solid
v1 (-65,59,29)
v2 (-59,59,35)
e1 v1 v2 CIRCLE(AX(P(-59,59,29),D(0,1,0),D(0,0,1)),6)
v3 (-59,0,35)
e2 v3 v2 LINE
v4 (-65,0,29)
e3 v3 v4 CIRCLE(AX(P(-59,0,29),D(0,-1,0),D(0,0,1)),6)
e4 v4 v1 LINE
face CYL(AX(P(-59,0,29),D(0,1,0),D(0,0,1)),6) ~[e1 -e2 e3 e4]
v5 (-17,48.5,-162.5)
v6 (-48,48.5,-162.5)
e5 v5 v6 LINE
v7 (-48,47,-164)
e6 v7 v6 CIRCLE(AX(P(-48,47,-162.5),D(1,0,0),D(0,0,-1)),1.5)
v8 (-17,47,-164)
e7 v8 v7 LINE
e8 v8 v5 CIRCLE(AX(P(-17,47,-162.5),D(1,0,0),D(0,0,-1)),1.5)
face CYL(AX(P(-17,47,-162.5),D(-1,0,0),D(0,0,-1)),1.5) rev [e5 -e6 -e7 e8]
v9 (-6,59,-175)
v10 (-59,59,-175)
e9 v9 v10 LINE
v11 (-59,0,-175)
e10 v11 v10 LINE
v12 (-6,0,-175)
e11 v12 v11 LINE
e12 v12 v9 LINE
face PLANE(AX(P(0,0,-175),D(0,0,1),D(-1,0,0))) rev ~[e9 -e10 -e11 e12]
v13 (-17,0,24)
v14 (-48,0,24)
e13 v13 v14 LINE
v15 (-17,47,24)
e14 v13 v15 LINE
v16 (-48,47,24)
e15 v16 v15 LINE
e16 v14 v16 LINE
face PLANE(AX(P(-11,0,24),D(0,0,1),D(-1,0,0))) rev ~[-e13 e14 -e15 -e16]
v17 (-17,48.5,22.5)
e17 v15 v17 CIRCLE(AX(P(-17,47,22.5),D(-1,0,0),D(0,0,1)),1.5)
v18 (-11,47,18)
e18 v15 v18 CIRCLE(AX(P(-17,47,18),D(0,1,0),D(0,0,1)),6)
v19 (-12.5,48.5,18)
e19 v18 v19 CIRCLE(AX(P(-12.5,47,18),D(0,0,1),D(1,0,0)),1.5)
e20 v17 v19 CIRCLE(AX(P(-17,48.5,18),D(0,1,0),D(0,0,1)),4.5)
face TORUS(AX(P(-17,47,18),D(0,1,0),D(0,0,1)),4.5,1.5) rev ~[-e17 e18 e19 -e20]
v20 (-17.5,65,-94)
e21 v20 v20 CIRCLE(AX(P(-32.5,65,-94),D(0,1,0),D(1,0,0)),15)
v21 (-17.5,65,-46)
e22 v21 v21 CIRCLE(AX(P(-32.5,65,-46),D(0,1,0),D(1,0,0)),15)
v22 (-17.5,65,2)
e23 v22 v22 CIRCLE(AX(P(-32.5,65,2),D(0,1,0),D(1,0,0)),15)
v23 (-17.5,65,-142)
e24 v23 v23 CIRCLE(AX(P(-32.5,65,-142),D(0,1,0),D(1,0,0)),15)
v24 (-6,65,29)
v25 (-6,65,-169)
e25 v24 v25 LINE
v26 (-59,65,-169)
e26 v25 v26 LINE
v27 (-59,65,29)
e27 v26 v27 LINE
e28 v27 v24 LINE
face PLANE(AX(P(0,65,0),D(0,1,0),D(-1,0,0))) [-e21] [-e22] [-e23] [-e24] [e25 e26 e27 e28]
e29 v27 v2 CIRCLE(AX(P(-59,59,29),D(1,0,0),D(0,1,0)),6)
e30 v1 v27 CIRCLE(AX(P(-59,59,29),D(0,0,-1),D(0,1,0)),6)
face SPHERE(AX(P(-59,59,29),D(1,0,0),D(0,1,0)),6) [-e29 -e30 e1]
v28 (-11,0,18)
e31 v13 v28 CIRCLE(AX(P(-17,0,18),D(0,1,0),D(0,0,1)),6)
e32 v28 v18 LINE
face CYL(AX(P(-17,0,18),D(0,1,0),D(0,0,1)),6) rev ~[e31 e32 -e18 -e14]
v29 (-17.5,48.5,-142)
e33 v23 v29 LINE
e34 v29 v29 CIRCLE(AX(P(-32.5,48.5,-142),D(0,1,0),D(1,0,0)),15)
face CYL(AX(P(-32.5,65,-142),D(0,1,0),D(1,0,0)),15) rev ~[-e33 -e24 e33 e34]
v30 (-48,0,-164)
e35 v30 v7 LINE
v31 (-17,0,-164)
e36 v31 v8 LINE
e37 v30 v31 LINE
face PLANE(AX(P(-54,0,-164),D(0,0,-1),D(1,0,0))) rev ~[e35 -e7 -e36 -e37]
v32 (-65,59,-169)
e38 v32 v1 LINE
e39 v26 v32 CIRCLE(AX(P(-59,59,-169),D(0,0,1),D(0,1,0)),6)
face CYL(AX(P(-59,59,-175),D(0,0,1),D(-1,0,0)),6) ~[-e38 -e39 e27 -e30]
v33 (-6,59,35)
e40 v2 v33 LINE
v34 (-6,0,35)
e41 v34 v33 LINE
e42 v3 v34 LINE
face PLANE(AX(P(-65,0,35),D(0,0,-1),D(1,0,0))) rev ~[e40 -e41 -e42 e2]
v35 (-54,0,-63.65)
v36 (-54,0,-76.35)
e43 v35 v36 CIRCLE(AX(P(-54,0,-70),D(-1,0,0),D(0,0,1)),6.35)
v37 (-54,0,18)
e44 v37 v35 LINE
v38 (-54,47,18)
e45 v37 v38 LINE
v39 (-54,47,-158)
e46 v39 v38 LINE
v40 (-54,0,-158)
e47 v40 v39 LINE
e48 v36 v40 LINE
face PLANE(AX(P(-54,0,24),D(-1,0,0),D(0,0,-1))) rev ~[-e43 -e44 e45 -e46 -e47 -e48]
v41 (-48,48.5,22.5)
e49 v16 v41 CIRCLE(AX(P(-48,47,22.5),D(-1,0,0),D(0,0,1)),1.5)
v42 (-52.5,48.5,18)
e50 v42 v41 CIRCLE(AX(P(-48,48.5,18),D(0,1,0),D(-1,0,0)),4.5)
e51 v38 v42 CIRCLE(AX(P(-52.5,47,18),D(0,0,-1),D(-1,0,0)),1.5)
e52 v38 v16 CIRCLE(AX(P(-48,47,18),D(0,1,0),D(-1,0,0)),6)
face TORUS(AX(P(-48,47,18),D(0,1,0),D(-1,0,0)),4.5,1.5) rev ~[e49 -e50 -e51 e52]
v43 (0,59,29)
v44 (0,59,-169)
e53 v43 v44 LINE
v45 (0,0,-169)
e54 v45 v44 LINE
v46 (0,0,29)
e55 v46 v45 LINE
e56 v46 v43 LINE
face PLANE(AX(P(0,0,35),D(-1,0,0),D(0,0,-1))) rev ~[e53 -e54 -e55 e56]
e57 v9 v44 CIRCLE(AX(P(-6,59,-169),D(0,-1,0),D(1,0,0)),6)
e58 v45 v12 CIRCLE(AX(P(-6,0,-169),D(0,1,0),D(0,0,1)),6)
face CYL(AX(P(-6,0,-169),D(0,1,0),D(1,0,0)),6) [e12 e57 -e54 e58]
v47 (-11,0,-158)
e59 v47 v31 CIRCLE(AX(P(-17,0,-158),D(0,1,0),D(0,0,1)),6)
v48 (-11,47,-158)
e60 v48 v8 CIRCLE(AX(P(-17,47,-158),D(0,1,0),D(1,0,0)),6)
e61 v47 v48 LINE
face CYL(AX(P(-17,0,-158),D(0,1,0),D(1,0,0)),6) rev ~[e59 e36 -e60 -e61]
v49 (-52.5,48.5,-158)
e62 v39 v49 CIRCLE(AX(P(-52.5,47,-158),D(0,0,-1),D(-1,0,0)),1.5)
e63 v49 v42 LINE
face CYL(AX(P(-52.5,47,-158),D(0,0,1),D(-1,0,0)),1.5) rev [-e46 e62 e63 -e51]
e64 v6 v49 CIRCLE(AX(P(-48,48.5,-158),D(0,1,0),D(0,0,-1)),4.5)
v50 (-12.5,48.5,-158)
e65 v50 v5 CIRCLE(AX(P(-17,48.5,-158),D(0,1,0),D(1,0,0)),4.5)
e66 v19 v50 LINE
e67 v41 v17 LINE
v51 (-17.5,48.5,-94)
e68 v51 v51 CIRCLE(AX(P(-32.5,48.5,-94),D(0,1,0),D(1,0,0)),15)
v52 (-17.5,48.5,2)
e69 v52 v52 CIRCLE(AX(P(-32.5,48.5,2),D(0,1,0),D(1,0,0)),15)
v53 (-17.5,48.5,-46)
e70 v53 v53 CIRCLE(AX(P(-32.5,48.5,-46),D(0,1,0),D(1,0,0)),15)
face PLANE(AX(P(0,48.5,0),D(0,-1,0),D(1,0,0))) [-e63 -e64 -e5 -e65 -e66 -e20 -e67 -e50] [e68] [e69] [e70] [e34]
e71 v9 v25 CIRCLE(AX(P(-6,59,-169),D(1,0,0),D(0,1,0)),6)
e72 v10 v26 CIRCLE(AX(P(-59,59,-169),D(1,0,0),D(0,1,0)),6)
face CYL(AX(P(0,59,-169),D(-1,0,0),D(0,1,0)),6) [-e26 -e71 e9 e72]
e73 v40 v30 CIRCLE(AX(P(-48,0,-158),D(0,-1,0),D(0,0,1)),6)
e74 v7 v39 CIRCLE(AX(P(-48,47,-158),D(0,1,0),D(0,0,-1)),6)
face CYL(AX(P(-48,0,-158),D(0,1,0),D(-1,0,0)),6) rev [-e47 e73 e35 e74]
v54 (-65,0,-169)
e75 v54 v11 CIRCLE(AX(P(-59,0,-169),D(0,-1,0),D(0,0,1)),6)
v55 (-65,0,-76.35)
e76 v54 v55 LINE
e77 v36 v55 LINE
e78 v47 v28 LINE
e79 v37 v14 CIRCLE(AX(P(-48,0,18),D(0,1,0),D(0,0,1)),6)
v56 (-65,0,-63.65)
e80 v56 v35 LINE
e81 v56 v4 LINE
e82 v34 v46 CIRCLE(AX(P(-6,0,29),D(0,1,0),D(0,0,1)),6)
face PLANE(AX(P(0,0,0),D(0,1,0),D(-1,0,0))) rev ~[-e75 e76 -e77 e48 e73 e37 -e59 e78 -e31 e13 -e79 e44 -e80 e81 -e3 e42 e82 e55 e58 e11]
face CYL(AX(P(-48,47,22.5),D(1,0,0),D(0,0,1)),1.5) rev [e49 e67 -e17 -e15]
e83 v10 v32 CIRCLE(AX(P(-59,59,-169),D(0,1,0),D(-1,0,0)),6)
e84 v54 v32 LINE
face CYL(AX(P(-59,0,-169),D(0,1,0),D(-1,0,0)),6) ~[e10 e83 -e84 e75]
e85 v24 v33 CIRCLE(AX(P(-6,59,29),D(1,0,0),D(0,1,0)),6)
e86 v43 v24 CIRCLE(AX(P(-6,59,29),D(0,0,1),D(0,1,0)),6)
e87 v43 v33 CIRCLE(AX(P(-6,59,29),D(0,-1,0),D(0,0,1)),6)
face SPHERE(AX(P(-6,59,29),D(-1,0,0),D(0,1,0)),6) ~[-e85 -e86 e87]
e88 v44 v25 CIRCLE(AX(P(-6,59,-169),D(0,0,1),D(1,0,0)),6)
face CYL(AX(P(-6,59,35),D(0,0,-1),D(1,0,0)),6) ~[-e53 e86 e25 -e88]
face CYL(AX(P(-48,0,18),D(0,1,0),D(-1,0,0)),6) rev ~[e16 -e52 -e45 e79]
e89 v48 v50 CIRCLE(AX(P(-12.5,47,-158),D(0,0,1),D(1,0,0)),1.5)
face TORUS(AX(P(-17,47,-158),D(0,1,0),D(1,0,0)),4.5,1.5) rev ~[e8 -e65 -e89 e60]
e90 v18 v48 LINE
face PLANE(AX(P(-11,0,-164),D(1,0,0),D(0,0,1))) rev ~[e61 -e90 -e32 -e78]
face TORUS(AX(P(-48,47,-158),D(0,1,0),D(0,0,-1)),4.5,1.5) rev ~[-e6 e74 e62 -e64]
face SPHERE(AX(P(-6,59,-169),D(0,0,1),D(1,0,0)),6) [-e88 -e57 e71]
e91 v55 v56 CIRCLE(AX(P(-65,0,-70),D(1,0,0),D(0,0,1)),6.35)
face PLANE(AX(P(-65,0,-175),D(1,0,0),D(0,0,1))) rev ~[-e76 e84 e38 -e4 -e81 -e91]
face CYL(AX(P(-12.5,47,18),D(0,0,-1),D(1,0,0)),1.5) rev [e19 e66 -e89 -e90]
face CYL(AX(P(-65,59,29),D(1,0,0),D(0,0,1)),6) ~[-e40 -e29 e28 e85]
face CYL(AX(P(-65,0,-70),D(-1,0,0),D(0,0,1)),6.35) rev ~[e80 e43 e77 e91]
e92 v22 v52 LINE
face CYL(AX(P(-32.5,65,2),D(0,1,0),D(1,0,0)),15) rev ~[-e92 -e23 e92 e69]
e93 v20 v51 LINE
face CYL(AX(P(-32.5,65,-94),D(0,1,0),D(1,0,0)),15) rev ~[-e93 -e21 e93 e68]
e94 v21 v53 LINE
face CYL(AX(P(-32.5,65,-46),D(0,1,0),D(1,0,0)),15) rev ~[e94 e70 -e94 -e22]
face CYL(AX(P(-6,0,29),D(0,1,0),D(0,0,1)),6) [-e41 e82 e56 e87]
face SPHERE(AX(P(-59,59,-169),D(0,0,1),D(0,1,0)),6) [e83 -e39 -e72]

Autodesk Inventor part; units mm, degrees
ref_plane "YZ Plane" through (0, 0, 0) normal (1, 0, 0) x (0, 1, 0)
ref_plane "XZ Plane" through (0, 0, 0) normal (0, 1, 0) x (-1, 0, 0)
ref_plane "XY Plane" through (0, 0, 0) normal (0, 0, 1) x (1, 0, 0)
sketch "Base" plane through (0, 0, 0) normal (0, 1, 0) x (-1, 0, 0)
  line L0 (0, 35) -> (0, -175)
  line L1 (0, -175) -> (65, -175)
  line L2 (65, -175) -> (65, 35)
  line L3 (65, 35) -> (0, 35)
  dimension "d6" = 210
  dimension "d7" = 65
extrude "Extrusion2" add sketch "Base" along normal blind 65
sketch "Top" plane through (0, 65, 0) normal (0, 1, 0) x (1, 0, 0)
  circle A0 centre (-32.5, 46) radius 17
  circle A1 centre (-32.5, -2) radius 17
  circle A2 centre (-32.5, 94) radius 17
  circle A3 centre (-32.5, 142) radius 17
  line L0 (0, 175) -> (-65, 175) projected
  line L1 (-65, 175) -> (-65, -35) projected
  line L2 (-65, -35) -> (0, -35) construction
  line L3 (-32.5, -35) -> (-32.5, 175) construction
  circle A4 centre (-32.5, -2) radius 15
  circle A5 centre (-32.5, 46) radius 15
  circle A6 centre (-32.5, 94) radius 15
  circle A7 centre (-32.5, 142) radius 15
  point P0 (-32.5, 70)
  dimension "d10" = 34
  dimension "d11" = 34
  dimension "d12" = 34
  dimension "d13" = 34
  dimension "d14" = 48
  dimension "d15" = 48
  dimension "d16" = 48
  dimension "d27" = 30
  dimension "d28" = 30
  dimension "d29" = 30
  dimension "d30" = 30
  dimension "d31" = 24
  dimension "d32" = 105
  dimension "d35" = 33
extrude "Extrusion3" cut sketch "Top" against normal up to next contours A4 | A5 | A6 | A7
sketch "Walls" plane through (0, 0, 0) normal (0, -1, 0) x (1, 0, 0)
  line L0 (-11, 24) -> (-54, 24)
  line L1 (-54, 24) -> (-54, -164)
  line L2 (-54, -164) -> (-11, -164)
  line L3 (-11, -164) -> (-11, 24)
  line L4 (-65, 35) -> (0, 35) projected
  line L5 (0, -175) -> (-65, -175) projected
  line L6 (0, 35) -> (0, -175) projected
  line L7 (-65, -175) -> (-65, 35) projected
  point P0 (0, 0)
  dimension "d21" = 11
  dimension "d22" = 11
  dimension "d23" = 11
  dimension "d24" = 11
  dimension "d33" = 43
extrude "Extrusion4" cut sketch "Walls" against normal blind 48.5 contours L3 L2 L1 L0
sketch "Sketch6" plane through (0, 0, 35) normal (1, 0, 0) x (0, 0, -1)
  line L0 (0, 0) -> (210, 0) projected
  line L1 (11, 48.5) -> (199, 48.5) projected
  point P0 (35, 0)
  point P1 (33.3852, 33.5)
  dimension "d34" = 48.5
fillet "Fillet1" radius 6 8 edges at (-32.5, 65, 35) (-65, 65, -70) (0, 65, -70) (0, 32.5, 35) (-65, 32.5, 35) (0, 32.5, -175) (-32.5, 65, -175) (-65, 32.5, -175)
sketch "Sketch7" plane through (-65, 0, -169) normal (-1, 0, 0) x (0, 0, 1)
  line L0 (0, 59) -> (198, 59) projected
  line L1 (99, 59) -> (99, 0) construction
  line L2 (0, 0) -> (198, 0) projected
  circle A0 centre (99, 0) radius 6.35
  point P0 (169, 0)
  dimension "d40" = 12.7
extrude "Extrusion5" cut sketch "Sketch7" against normal up to surface (11 mm away)
fillet "Fillet2" radius 6 4 edges at (-11, 24.25, 24) (-54, 24.25, 24) (-11, 24.25, -164) (-54, 24.25, -164)
sketch "Sketch8" plane through (0, 0, 29) normal (1, 0, 0) x (0, 0, -1)
  line L0 (0, 0) -> (198, 0) projected
  line L1 (198, 65) -> (0, 65) projected
  point P0 (29, 0)
  dimension "d42" = 65
fillet "Fillet3" radius 1.5 8 edges at (-52.2426, 48.5, 22.2426) (-32.5, 48.5, 24) (-12.7574, 48.5, 22.2426) (-11, 48.5, -70) (-12.7574, 48.5, -162.2426) (-32.5, 48.5, -164) (-52.2426, 48.5, -162.2426) (-54, 48.5, -70)
equation "\"d8\" = d7"
equation "\"d11\" = d10"
equation "\"d12\" = d10"
equation "\"d13\" = d10"
equation "\"d15\" = d14"
equation "\"d16\" = d14"
equation "\"d28\" = d27"
equation "\"d29\" = d27"
equation "\"d30\" = d27"
equation "\"d31\" = 0.5 * d14"
equation "\"d32\" = 0.5 * d6"
equation "\"d22\" = d21"
equation "\"d23\" = d21"
equation "\"d24\" = d23"
equation "\"d25\" = d7 - 1.5 * d21"
equation "\"d41\" = d36"
equation "\"d43\" = 0.25 * d36"
equation "\"d36\" = 6"
properties part number "Full"
